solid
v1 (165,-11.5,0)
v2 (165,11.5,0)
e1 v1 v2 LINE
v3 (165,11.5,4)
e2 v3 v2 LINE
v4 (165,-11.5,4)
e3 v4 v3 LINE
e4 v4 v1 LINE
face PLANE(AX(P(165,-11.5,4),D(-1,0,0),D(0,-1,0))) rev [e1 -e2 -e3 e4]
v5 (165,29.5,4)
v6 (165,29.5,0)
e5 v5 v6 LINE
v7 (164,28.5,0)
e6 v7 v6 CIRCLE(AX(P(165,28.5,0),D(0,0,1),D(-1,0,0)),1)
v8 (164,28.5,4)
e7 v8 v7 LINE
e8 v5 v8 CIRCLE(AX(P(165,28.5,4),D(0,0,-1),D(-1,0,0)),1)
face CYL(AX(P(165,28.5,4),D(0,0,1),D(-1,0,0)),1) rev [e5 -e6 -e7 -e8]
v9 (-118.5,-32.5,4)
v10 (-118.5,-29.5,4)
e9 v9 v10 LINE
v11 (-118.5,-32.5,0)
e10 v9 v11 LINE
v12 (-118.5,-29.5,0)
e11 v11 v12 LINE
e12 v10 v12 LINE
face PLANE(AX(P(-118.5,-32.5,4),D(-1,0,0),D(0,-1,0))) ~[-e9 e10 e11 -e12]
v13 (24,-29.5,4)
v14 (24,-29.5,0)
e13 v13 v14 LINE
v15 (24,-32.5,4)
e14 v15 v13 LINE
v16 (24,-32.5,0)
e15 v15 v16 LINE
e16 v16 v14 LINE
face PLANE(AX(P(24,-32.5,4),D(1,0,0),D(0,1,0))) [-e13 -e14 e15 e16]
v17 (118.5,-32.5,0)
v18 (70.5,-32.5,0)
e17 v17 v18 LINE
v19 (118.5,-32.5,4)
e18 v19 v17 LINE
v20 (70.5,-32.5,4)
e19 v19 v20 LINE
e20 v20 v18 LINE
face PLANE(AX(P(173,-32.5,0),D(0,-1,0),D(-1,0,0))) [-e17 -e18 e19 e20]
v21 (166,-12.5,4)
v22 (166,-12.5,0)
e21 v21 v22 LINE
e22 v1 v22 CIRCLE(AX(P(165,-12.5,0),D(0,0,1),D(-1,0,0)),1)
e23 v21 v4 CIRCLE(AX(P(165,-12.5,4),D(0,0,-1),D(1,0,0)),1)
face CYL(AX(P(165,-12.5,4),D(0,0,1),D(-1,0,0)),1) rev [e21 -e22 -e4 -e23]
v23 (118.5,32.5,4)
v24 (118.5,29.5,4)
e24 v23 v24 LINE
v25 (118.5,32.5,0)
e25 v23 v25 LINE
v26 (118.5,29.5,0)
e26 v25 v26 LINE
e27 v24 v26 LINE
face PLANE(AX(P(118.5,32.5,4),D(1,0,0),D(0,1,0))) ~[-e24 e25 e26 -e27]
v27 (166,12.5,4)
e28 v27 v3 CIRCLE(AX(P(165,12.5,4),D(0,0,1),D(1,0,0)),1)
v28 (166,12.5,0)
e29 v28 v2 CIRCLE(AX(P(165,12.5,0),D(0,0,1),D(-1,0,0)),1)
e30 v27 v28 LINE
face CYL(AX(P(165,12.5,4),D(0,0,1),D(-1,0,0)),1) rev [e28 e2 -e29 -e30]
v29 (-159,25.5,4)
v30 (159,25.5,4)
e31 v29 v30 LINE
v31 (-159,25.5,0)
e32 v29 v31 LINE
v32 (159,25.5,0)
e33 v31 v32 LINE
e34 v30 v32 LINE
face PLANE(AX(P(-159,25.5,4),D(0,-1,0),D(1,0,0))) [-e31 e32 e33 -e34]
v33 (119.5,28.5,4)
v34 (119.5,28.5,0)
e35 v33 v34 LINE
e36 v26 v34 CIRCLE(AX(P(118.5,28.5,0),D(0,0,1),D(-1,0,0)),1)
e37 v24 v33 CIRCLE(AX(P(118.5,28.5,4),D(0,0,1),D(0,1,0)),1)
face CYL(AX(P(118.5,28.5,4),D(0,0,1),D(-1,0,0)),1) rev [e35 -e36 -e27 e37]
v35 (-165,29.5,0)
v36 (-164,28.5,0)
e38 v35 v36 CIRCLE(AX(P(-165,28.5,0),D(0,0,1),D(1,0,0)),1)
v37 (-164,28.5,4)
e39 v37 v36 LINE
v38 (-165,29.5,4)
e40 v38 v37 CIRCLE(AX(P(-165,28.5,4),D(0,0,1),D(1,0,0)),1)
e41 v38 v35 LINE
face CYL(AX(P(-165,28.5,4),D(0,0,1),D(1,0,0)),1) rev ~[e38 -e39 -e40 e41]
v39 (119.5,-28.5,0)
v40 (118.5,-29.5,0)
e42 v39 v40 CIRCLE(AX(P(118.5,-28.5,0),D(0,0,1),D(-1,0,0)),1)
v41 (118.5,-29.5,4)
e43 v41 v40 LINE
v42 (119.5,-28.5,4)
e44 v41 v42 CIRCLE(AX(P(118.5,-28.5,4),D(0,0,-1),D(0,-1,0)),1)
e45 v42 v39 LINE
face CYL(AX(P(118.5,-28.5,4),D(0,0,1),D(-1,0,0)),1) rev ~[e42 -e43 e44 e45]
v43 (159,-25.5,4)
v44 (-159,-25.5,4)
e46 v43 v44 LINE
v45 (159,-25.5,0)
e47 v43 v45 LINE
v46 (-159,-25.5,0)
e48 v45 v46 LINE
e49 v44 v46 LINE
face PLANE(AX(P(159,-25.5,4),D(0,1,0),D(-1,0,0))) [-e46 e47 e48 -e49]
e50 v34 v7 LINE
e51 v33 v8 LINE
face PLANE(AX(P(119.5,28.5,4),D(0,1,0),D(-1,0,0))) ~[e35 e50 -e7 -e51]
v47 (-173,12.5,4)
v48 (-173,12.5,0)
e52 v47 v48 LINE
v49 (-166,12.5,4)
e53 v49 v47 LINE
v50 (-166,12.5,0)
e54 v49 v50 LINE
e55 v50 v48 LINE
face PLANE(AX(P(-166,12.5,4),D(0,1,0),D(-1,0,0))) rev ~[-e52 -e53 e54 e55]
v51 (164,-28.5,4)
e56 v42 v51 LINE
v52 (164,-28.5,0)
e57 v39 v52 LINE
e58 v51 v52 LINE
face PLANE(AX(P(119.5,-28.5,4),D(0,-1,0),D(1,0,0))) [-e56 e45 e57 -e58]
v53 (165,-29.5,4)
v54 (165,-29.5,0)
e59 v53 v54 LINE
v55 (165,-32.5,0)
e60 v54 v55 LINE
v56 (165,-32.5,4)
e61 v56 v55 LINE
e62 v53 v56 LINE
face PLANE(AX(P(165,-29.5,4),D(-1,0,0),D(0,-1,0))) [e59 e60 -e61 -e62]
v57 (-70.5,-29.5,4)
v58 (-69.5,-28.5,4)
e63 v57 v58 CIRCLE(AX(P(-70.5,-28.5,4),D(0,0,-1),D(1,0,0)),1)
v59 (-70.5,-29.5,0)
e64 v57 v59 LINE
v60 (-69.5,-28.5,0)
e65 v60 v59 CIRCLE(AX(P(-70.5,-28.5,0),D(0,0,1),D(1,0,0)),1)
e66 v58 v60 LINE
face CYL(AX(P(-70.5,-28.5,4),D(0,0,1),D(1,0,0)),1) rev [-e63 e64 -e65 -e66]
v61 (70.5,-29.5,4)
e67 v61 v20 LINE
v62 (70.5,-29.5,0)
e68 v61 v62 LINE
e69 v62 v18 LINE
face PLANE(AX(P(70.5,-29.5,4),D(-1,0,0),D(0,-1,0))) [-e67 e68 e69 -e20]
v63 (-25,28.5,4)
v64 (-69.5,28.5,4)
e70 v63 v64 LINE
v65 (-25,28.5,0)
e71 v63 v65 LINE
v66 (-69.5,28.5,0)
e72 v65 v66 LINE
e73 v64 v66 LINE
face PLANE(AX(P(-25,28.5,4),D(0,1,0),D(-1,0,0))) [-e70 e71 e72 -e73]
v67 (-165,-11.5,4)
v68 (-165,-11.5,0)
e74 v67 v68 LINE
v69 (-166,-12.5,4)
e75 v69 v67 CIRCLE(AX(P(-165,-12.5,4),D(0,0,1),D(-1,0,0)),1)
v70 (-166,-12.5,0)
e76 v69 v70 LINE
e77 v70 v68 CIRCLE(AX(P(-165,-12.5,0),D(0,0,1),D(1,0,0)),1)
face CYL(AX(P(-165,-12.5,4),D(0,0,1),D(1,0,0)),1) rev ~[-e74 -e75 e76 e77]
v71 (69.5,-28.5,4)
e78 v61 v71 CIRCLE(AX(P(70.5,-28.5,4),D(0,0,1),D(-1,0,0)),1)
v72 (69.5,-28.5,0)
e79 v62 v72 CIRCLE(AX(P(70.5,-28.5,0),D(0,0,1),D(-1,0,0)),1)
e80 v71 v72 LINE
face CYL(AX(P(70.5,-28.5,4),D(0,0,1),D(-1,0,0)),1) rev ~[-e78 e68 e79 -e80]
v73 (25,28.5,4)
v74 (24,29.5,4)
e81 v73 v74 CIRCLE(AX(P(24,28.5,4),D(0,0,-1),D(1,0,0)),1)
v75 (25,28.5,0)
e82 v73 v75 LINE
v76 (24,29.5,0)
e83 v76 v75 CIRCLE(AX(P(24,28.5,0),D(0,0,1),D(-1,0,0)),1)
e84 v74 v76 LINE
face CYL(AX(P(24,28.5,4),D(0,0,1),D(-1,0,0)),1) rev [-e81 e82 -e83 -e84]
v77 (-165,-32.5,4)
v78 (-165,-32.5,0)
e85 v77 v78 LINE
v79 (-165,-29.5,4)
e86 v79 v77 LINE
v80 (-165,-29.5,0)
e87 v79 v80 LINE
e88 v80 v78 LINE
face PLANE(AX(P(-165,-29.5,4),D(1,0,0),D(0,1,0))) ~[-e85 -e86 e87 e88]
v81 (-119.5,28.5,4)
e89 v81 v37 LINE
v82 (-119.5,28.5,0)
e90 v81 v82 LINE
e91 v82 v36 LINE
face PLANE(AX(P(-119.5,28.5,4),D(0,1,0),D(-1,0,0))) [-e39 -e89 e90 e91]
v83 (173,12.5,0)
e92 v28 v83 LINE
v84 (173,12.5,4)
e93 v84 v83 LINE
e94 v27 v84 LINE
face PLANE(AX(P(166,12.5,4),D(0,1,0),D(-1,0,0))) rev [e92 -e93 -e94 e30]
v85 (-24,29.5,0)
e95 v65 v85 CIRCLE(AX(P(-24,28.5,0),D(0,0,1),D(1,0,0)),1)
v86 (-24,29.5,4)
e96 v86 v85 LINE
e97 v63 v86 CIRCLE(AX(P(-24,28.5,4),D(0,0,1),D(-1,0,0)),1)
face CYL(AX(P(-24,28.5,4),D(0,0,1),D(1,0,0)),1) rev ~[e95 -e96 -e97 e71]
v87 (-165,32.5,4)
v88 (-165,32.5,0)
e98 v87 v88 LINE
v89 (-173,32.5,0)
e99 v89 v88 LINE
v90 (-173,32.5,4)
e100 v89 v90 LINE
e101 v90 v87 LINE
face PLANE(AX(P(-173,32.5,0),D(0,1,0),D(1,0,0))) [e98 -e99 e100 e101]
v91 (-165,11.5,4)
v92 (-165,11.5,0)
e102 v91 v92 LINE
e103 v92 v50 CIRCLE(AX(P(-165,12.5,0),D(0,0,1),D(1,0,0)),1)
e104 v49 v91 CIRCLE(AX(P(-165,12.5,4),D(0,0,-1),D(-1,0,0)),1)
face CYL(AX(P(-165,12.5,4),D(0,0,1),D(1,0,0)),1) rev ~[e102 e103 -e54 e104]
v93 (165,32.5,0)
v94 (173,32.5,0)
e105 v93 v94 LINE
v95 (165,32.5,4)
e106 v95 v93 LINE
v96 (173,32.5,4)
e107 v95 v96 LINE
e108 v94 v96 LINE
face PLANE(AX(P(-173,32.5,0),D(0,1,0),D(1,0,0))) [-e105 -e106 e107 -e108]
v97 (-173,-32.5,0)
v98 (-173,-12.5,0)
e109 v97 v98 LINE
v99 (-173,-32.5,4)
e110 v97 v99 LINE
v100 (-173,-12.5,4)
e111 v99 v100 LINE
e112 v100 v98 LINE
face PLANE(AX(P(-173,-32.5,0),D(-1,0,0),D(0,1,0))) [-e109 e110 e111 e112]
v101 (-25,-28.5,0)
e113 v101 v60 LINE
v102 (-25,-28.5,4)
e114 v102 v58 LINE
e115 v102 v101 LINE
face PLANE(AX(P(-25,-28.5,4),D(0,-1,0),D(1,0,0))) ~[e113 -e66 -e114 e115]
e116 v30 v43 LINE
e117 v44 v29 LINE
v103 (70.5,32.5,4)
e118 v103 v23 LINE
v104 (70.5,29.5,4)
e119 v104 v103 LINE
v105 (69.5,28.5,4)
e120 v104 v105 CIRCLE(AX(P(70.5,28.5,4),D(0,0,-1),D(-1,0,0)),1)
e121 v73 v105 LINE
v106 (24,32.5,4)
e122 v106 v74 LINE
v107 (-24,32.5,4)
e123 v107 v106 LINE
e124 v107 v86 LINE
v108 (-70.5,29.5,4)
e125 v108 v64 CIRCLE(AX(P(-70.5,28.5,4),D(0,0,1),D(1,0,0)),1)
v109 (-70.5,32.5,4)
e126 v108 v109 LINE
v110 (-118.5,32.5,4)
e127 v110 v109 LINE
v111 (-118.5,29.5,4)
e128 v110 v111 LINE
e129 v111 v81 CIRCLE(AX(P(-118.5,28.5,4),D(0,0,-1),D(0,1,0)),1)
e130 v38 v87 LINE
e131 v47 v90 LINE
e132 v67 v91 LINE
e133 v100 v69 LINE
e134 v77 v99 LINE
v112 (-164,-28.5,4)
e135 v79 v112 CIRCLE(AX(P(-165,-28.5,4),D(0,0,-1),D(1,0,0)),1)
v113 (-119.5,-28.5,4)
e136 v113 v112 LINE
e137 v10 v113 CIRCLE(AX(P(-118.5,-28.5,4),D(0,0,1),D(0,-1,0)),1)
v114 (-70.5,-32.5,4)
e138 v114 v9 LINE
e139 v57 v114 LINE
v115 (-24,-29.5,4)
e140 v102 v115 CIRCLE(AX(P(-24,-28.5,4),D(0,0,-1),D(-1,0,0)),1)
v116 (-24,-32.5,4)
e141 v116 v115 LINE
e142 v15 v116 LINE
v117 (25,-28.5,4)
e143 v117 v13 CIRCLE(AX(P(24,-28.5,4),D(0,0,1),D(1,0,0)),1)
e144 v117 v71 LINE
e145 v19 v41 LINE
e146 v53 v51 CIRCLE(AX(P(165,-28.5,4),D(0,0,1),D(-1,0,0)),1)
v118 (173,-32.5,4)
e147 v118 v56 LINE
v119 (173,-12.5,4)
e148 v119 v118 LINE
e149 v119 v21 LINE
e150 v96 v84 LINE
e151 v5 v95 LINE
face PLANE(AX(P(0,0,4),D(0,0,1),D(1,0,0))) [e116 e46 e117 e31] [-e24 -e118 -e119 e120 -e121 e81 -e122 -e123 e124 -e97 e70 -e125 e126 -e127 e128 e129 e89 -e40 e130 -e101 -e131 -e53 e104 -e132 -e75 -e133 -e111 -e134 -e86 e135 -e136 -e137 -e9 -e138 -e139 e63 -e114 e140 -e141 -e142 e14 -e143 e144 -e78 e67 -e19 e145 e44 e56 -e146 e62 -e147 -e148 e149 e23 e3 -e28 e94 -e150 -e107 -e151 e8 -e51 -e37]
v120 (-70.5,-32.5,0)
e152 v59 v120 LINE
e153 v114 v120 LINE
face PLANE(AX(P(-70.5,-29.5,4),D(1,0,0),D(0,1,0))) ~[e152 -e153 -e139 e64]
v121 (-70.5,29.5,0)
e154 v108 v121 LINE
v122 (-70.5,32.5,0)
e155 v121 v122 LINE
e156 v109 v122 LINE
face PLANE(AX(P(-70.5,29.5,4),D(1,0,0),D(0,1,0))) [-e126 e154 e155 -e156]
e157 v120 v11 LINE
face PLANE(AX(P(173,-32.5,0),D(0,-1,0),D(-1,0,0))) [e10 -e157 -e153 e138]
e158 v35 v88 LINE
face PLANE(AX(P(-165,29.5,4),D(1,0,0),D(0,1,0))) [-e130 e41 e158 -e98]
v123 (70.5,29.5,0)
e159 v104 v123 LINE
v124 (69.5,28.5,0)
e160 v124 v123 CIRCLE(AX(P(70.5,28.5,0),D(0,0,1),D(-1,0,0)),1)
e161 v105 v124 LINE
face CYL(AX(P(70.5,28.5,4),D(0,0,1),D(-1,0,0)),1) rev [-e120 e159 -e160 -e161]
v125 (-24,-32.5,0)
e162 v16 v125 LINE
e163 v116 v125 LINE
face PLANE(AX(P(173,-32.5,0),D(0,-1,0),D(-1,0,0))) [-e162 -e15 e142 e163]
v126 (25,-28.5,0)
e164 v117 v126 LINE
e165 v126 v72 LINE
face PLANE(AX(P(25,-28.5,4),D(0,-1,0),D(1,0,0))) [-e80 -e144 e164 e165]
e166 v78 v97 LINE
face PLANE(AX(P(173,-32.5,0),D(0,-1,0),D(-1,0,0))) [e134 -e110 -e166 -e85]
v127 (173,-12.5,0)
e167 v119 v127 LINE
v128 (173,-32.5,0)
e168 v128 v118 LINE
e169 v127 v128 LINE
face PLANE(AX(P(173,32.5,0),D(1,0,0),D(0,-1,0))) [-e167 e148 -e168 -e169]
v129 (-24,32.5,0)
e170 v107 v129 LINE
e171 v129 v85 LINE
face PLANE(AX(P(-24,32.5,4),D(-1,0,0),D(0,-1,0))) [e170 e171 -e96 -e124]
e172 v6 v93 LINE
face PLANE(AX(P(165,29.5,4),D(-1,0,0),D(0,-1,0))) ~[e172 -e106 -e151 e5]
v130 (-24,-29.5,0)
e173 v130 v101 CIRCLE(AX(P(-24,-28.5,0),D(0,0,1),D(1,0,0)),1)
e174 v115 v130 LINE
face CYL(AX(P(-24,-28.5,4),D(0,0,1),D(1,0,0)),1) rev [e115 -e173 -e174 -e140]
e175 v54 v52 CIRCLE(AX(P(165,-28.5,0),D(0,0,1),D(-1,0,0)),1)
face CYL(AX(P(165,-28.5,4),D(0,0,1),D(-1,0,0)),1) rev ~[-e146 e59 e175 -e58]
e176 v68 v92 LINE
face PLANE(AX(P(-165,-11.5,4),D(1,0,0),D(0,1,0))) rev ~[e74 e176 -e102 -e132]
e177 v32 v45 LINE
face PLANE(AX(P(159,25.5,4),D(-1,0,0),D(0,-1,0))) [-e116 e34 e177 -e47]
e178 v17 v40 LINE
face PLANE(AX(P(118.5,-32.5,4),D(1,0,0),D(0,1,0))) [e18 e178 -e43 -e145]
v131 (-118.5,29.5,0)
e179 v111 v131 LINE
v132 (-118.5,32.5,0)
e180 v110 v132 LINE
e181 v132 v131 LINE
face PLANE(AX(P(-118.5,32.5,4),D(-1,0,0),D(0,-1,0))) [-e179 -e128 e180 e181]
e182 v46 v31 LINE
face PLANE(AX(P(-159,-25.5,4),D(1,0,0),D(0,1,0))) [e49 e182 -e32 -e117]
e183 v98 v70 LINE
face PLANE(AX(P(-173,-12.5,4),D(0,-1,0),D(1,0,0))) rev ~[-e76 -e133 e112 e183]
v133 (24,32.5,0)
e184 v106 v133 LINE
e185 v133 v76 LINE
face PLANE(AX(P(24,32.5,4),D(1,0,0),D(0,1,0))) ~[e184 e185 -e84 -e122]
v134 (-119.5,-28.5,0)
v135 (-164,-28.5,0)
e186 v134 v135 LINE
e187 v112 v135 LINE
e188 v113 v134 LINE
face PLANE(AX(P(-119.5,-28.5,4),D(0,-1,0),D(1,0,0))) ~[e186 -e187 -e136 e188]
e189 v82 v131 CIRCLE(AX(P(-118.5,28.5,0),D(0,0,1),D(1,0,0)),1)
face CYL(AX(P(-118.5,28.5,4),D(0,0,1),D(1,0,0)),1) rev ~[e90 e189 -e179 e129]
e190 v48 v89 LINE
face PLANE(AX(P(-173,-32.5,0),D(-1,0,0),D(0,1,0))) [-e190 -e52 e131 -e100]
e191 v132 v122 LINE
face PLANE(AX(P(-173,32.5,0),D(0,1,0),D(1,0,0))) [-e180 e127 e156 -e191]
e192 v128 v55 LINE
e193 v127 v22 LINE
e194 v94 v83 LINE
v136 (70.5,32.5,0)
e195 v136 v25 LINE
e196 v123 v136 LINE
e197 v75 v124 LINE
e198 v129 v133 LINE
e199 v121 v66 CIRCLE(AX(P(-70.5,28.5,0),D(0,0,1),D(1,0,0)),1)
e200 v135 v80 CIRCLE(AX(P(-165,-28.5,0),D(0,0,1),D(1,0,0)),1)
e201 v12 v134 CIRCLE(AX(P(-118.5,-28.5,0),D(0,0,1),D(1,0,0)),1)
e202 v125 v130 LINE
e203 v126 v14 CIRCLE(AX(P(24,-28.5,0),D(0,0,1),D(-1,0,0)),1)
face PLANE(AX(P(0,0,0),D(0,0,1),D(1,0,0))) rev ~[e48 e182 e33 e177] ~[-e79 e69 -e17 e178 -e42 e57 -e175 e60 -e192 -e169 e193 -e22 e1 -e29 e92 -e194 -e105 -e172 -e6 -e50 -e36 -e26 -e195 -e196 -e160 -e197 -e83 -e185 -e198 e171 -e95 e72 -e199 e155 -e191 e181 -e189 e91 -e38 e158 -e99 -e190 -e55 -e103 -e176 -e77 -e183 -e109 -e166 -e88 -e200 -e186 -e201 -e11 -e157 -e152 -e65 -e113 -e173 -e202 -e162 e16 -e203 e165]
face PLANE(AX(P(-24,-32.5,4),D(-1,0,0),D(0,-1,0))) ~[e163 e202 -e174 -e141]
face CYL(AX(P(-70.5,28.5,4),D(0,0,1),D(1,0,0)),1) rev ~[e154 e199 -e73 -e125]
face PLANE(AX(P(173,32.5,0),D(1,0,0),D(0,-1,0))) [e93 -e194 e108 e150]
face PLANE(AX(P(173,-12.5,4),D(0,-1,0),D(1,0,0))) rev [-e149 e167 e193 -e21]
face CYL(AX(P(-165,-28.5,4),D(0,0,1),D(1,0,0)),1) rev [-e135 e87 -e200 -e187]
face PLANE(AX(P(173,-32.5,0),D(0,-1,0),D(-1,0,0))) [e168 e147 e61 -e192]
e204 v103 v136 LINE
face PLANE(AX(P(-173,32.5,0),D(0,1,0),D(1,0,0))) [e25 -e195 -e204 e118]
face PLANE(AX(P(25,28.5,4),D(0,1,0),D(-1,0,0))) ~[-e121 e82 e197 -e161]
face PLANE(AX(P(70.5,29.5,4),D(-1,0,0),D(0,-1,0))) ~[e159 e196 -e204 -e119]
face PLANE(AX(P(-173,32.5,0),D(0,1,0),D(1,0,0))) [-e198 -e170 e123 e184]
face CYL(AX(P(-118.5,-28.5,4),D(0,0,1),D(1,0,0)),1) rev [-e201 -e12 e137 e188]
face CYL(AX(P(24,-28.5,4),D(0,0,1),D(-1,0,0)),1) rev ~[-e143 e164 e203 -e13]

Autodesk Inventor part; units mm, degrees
ref_plane "YZ Plane" through (0, 0, 0) normal (1, 0, 0) x (0, 1, 0)
ref_plane "XZ Plane" through (0, 0, 0) normal (0, 1, 0) x (-1, 0, 0)
ref_plane "XY Plane" through (0, 0, 0) normal (0, 0, 1) x (1, 0, 0)
sketch "Sketch1" plane through (0, 0, 0) normal (0, 0, 1) x (1, 0, 0)
  line L0 (-173, 32.5) -> (173, 32.5)
  line L1 (173, 32.5) -> (173, -32.5)
  line L2 (173, -32.5) -> (-173, -32.5)
  line L3 (-173, -32.5) -> (-173, 32.5)
  point P0 (0, 0)
  point P1 (173, 0)
  point P2 (0, 32.5)
  dimension "d0" = 65
  dimension "d1" = 346
extrude "Extrusion1" add sketch "Sketch1" along normal blind 4
sketch "Sketch2" plane through (0, 0, 4) normal (0, 0, 1) x (1, 0, 0)
  line L0 (-159, 25.5) -> (159, 25.5)
  line L1 (159, 25.5) -> (159, -25.5)
  line L2 (159, -25.5) -> (-159, -25.5)
  line L3 (-159, -25.5) -> (-159, 25.5)
  line L4 (173, 32.5) -> (-173, 32.5) projected
  line L5 (-173, 32.5) -> (-173, -32.5) projected
  line L6 (-173, -32.5) -> (173, -32.5) projected
  line L7 (173, -32.5) -> (173, 32.5) projected
  point P0 (0, 0)
  dimension "d4" = 7
  dimension "d5" = 14
  dimension "d6" = 7
  dimension "d7" = 14
extrude "Extrusion2" cut sketch "Sketch2" against normal blind 10 contours L0 L1 L2 L3
sketch "Esboço3" plane through (0, 0, 4) normal (0, 0, 1) x (1, 0, 0)
  line L0 (-118.5, 32.5) -> (-118.5, 28.5)
  line L1 (-118.5, 28.5) -> (-165, 28.5)
  line L2 (-70.5, 32.5) -> (-24, 32.5)
  line L3 (-24, 32.5) -> (-24, 28.5)
  line L4 (-24, 28.5) -> (-70.5, 28.5)
  line L5 (-70.5, 28.5) -> (-70.5, 32.5)
  circle A0 centre (-118.5, 28.5) radius 1
  circle A1 centre (-70.5, 28.5) radius 1
  circle A2 centre (-24, 28.5) radius 1
  line L6 (-165, 28.5) -> (-165, 32.5)
  line L7 (-165, 32.5) -> (-118.5, 32.5)
  line L8 (173, 32.5) -> (-173, 32.5) projected
  line L9 (-173, 32.5) -> (-173, -32.5) projected
  circle A3 centre (-165, 28.5) radius 1
  point P0 (0, 0)
  dimension "d12" = 46.5
  dimension "d13" = 48
  dimension "d14" = 2
  dimension "d15" = 2
  dimension "d16" = 2
  dimension "d19" = 8
  dimension "d20" = 46.5
  dimension "d21" = 2
extrude "Extrusão3" cut sketch "Esboço3" against normal blind 10
mirror "Espelhamento1" about plane through (0, 0, 0) normal (1, 0, 0) of "Extrusão3"
mirror "Espelhamento2" about plane through (0, 0, 0) normal (0, 1, 0) of "Extrusão3", "Espelhamento1"
sketch "Esboço4" plane through (0, 0, 4) normal (0, 0, 1) x (1, 0, 0)
  line L0 (-173, 32.5) -> (-173, -32.5) projected
  line L1 (-173, -12.5) -> (-165, -12.5)
  line L2 (-165, -12.5) -> (-165, 12.5)
  line L3 (-165, 12.5) -> (-173, 12.5)
  line L4 (-173, 12.5) -> (-173, -12.5)
  line L5 (-165, 32.5) -> (-173, 32.5) projected
  line L6 (-173, -32.5) -> (-165, -32.5) projected
  circle A0 centre (-165, 12.5) radius 1
  circle A1 centre (-165, -12.5) radius 1
  point P0 (0, 0)
  dimension "d22" = 8
  dimension "d23" = 20
  dimension "d24" = 25
  dimension "d25" = 20
  dimension "d26" = 2
  dimension "d27" = 2
extrude "Extrusão4" cut sketch "Esboço4" against normal blind 10
mirror "Espelhamento3" about plane through (0, 0, 0) normal (1, 0, 0) of "Extrusão4"
properties part number "letreiro"
